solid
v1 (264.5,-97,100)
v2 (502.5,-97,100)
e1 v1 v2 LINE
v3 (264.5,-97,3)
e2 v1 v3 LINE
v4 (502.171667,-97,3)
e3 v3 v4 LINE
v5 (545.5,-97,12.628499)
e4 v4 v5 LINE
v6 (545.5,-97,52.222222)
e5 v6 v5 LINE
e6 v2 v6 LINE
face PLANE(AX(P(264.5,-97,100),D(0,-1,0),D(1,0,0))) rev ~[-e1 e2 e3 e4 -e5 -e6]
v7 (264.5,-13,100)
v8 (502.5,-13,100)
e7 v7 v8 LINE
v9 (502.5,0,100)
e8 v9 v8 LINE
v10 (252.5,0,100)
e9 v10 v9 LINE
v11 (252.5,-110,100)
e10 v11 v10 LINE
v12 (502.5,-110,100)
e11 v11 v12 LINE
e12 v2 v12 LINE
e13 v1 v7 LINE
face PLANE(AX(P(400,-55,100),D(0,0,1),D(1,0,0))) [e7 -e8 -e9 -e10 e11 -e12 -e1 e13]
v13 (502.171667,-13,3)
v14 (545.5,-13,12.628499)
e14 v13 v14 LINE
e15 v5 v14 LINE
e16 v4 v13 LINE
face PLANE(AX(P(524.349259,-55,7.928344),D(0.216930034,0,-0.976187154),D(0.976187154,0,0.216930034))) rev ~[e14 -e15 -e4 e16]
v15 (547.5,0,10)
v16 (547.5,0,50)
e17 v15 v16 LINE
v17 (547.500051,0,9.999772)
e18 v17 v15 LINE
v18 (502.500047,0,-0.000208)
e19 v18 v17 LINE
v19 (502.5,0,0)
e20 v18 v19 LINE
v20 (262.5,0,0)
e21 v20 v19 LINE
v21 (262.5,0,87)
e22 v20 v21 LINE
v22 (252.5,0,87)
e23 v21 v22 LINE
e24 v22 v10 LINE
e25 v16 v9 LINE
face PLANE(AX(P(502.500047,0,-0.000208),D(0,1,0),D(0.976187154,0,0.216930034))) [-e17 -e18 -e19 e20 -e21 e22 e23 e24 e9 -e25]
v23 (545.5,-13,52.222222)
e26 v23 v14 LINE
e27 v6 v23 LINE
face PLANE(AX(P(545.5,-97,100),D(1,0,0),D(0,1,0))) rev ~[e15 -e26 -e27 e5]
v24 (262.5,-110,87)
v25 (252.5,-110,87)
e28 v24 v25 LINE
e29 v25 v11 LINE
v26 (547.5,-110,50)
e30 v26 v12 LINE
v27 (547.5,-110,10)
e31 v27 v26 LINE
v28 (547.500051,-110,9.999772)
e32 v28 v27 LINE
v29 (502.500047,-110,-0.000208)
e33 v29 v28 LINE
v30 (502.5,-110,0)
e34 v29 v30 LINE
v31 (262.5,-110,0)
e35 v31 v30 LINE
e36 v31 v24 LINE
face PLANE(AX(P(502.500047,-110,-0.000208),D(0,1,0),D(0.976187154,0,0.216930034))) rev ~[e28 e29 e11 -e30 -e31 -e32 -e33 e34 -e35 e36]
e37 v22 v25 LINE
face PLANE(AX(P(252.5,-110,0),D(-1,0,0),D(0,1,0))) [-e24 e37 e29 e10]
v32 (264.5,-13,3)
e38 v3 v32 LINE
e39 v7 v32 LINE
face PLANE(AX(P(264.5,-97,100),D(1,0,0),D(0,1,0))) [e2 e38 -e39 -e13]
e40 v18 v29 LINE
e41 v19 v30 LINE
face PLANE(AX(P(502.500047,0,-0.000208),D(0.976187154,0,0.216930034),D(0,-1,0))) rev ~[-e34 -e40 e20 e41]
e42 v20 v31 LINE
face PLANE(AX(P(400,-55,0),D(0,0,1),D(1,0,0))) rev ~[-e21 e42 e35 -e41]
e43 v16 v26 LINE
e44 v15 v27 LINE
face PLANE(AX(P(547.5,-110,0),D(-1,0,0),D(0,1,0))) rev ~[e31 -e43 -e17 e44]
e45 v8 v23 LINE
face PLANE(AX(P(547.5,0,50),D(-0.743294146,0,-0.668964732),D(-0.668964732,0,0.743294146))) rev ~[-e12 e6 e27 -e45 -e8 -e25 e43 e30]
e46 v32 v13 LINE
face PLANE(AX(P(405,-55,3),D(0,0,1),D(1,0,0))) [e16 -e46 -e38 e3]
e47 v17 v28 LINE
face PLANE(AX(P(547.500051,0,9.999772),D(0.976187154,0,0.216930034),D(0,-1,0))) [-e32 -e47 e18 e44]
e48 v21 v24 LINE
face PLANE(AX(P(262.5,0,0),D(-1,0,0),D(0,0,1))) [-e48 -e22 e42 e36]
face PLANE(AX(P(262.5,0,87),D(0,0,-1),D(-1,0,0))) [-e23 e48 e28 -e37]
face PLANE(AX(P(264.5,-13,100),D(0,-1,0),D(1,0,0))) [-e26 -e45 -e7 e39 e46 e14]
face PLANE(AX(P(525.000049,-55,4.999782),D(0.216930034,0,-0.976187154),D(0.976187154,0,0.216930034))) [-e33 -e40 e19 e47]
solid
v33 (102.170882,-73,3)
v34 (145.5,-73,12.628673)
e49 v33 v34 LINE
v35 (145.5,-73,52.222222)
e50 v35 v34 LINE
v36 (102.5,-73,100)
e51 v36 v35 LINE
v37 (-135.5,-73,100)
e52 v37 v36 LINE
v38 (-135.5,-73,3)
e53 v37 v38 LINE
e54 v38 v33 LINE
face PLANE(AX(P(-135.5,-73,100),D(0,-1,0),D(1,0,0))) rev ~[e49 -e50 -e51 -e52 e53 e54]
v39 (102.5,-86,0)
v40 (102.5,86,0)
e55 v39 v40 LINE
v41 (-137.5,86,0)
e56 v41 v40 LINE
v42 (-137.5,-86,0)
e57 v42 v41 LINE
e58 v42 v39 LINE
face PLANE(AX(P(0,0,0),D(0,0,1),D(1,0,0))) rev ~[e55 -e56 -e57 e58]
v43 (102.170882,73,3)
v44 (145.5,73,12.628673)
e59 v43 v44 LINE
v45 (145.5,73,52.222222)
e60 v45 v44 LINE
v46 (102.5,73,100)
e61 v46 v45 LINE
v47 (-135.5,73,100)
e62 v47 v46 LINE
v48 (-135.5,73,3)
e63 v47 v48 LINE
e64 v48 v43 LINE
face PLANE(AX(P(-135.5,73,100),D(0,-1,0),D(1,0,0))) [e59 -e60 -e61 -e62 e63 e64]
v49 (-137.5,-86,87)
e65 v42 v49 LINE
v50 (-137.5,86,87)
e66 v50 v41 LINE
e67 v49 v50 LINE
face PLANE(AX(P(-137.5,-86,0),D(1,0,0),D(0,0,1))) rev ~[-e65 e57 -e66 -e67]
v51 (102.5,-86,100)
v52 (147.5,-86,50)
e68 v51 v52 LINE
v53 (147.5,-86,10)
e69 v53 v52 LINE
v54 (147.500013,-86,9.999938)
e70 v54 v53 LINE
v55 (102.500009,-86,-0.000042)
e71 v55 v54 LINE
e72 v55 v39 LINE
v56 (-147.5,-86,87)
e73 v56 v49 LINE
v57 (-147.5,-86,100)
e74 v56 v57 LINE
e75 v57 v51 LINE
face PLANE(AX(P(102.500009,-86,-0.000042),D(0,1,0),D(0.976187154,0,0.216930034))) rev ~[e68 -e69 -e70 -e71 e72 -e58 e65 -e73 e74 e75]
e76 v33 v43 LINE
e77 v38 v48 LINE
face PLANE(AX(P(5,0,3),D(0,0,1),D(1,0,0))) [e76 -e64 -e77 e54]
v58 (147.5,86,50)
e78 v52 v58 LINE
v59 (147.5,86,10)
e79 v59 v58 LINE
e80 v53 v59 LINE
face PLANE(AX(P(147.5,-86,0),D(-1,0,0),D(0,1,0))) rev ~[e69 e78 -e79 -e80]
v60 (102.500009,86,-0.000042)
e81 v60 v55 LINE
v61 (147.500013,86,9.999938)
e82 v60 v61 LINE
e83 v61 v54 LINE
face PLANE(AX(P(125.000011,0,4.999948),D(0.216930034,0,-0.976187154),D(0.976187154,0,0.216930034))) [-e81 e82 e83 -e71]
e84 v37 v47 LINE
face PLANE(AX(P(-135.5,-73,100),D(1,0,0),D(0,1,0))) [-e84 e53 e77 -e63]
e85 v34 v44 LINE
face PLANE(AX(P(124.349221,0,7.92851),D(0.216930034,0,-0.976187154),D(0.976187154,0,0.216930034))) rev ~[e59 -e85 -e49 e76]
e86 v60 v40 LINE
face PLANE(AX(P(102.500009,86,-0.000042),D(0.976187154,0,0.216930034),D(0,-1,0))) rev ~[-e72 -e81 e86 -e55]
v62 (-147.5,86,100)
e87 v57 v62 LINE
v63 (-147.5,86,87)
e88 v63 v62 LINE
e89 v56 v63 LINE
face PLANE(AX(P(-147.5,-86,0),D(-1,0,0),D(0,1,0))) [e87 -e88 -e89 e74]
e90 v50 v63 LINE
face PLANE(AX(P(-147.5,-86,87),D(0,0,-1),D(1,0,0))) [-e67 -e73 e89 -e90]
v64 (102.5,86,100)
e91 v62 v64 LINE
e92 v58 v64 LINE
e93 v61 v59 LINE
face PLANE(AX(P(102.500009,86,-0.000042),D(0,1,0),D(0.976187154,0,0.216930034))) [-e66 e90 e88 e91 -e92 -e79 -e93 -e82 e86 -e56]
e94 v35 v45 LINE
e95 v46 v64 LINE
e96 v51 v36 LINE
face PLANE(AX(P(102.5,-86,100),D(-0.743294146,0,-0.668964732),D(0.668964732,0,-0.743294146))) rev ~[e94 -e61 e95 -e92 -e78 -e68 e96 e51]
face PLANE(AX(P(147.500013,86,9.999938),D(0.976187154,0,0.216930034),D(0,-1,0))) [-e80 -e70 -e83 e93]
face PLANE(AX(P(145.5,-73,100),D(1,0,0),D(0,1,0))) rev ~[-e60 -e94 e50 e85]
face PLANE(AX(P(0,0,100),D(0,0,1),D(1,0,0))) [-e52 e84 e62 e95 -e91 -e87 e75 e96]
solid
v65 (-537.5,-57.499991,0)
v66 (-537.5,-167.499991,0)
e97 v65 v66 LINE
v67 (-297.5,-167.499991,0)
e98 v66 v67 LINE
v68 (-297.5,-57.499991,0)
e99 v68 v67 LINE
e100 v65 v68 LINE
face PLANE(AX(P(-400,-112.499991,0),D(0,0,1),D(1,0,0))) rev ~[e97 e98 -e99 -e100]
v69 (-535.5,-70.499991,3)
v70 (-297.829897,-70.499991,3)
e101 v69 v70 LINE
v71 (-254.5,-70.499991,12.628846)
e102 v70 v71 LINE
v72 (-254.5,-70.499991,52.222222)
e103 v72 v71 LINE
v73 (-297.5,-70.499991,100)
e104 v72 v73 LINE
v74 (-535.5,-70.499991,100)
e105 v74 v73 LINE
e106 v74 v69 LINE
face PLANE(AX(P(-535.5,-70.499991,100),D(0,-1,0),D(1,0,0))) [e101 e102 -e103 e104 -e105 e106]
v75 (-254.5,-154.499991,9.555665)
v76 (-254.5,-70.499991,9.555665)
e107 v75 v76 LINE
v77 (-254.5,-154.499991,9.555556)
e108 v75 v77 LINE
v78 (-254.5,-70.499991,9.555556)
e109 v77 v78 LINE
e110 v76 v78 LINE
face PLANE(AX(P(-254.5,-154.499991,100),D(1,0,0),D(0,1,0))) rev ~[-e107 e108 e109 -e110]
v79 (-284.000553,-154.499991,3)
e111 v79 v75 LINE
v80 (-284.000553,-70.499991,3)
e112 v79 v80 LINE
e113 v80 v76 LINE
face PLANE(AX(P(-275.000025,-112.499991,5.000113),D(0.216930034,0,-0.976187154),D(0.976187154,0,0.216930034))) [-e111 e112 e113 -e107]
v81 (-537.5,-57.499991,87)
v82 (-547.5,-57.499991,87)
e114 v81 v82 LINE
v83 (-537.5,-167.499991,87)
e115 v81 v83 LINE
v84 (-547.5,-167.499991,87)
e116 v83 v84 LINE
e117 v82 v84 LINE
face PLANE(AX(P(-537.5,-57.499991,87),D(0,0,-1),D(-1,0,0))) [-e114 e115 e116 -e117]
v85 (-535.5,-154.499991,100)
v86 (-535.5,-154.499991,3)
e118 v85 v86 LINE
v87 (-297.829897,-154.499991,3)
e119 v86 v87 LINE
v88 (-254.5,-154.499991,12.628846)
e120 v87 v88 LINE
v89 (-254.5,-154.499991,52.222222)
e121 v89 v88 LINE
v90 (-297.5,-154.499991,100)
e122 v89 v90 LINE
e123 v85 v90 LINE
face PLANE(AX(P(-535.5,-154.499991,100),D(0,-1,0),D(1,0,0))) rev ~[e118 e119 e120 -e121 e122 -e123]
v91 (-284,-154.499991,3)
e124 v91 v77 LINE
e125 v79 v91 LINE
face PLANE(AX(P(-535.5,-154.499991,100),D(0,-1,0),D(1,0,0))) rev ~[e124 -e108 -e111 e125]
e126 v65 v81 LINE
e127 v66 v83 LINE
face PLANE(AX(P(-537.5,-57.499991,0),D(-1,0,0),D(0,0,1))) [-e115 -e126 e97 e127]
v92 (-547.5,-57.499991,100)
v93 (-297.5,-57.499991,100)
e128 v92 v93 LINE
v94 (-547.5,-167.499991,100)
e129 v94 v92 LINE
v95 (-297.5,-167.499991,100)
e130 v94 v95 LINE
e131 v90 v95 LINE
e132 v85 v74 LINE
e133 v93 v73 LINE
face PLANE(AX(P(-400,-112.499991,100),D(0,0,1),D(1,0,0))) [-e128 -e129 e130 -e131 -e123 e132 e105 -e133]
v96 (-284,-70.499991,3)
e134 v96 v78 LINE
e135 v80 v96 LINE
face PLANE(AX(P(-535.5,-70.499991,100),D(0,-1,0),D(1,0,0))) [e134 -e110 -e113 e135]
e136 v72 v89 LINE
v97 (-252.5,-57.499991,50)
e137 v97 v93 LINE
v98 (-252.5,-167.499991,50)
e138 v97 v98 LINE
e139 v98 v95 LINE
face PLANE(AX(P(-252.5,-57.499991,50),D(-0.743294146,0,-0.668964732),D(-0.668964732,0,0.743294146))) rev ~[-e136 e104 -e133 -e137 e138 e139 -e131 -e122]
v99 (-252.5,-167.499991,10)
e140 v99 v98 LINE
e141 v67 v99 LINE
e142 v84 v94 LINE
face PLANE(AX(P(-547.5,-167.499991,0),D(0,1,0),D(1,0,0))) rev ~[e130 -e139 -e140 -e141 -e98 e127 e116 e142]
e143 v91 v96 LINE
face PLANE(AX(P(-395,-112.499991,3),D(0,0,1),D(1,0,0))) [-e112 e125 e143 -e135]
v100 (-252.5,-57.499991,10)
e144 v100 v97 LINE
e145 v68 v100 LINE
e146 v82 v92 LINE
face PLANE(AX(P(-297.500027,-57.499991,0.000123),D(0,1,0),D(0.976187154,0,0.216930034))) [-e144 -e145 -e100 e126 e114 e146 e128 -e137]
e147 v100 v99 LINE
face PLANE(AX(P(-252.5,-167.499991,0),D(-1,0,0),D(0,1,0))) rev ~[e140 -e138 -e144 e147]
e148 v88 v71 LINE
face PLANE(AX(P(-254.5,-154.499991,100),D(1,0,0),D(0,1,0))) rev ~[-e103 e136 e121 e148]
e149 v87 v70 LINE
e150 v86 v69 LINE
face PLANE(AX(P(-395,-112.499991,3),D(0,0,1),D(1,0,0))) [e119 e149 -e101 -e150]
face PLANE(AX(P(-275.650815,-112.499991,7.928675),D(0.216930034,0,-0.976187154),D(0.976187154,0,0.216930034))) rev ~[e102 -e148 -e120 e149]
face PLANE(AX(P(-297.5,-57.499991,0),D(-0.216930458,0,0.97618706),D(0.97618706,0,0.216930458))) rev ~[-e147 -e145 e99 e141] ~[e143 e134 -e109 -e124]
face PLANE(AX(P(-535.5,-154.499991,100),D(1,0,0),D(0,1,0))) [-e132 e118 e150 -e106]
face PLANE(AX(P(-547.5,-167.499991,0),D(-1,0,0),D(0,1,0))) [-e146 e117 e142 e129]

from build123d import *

# Parameters (mm, degrees)
F0_W      = 295
F0_H      = 172
F1_DEPTH  = 100
F3_W      = 281
F3_H      = 146
F4_DEPTH  = 97
F2_W      = 10
F2_H      = 87
F5_DEPTH  = 172.001
F6_W      = 46.097722
F6_H      = 172
F7_DEPTH  = 3
F8_W      = 295
F8_H      = 110
F9_DEPTH  = 100
F12_W     = 281
F12_H     = 84
F13_DEPTH = 97
F10_W     = 10
F10_H     = 87
F14_DEPTH = 167.500991
F11_W     = 10
F11_H     = 87
F15_DEPTH = 110.001
F16_DEPTH = 97
F17_W     = 46.097722
F17_H     = 110
F18_DEPTH = 3
F19_W     = 46.097722
F19_H     = 110
F20_DEPTH = 3


with BuildPart() as f1:
    # F0 (on Top) → F1 (new body)
    with BuildSketch(Plane.XY):
        Rectangle(F0_W, F0_H)
    extrude(amount=F1_DEPTH)

    # F3 (on face) → F4 (cut)
    with BuildSketch(Plane.XY.offset(100)):
        with Locations((5, 0)):
            Rectangle(F3_W, F3_H)
    extrude(amount=-F4_DEPTH, mode=Mode.SUBTRACT)

    # F2 (on face) → F5 (cut, through all)
    with BuildSketch(Plane.XZ.offset(86)):
        with Locations((-142.5, 43.5)):
            Rectangle(F2_W, F2_H)
        Polygon((102.5, 100), (147.5, 50), (147.5, 100), align=None)
        Polygon((147.5, 0), (147.5, 10), (102.5, 0), align=None)
    extrude(amount=-F5_DEPTH, mode=Mode.SUBTRACT)

    # F6 (on face) → F7 (join)
    with BuildSketch(Plane(origin=(4.823529, 0, -21.705882), x_dir=(0.976187, 0, 0.21693), z_dir=(0.21693, 0, -0.976187))):
        with Locations((123.108035, 0)):
            Rectangle(F6_W, F6_H)
    extrude(amount=-F7_DEPTH)


with BuildPart() as f9:
    # F8 (on Top) → F9 (new body)
    with BuildSketch(Plane.XY):
        with Locations((400, -55)):
            Rectangle(F8_W, F8_H)
        with Locations((-400, -112.499991)):
            Rectangle(F8_W, F8_H)
    extrude(amount=F9_DEPTH)

    # F12 (on face) → F13 (cut)
    with BuildSketch(Plane.XY.offset(100)):
        with Locations((405, -55)):
            Rectangle(F12_W, F12_H)
    extrude(amount=-F13_DEPTH, mode=Mode.SUBTRACT)

    # F10 (on face) → F14 (cut, through all)
    with BuildSketch(Plane(origin=(0, 0, 0), x_dir=(-1, 0, 0), z_dir=(0, 1, 0))):
        Polygon((-547.5, 100), (-547.5, 50), (-502.5, 100), align=None)
        Polygon((-502.5, 0), (-547.5, 10), (-547.5, 0), align=None)
        with Locations((-257.5, 43.5)):
            Rectangle(F10_W, F10_H)
    extrude(amount=-F14_DEPTH, mode=Mode.SUBTRACT)

    # F11 (on face) → F15 (cut, through all)
    with BuildSketch(Plane(origin=(0, -57.499991, 0), x_dir=(-1, 0, 0), z_dir=(0, 1, 0))):
        Polygon((252.5, 50), (297.5, 100), (252.5, 100), align=None)
        Polygon((297.5, 0), (252.5, 10), (252.5, 0), align=None)
        with Locations((542.5, 43.5)):
            Rectangle(F11_W, F11_H)
    extrude(amount=-F15_DEPTH, mode=Mode.SUBTRACT)

    # F12 (on face) → F16 (cut)
    with BuildSketch(Plane.XY.offset(100)):
        with Locations((-395, -112.499991)):
            Rectangle(F12_W, F12_H)
    extrude(amount=-F16_DEPTH, mode=Mode.SUBTRACT)

    # F17 (on face) → F18 (join)
    with BuildSketch(Plane(origin=(23.647059, 0, -106.411765), x_dir=(0.976187, 0, 0.21693), z_dir=(0.21693, 0, -0.976187))):
        with Locations((513.582859, 55)):
            Rectangle(F17_W, F17_H)
    extrude(amount=-F18_DEPTH)

    # F19 (on face) → F20 (join)
    with BuildSketch(Plane(origin=(-14, 0, 63), x_dir=(0.976187, 0, 0.21693), z_dir=(0.21693, 0, -0.976187))):
        with Locations((-267.366789, 112.499991)):
            Rectangle(F19_W, F19_H)
    extrude(amount=-F20_DEPTH)


solid = Compound([f1.part, f9.part])
